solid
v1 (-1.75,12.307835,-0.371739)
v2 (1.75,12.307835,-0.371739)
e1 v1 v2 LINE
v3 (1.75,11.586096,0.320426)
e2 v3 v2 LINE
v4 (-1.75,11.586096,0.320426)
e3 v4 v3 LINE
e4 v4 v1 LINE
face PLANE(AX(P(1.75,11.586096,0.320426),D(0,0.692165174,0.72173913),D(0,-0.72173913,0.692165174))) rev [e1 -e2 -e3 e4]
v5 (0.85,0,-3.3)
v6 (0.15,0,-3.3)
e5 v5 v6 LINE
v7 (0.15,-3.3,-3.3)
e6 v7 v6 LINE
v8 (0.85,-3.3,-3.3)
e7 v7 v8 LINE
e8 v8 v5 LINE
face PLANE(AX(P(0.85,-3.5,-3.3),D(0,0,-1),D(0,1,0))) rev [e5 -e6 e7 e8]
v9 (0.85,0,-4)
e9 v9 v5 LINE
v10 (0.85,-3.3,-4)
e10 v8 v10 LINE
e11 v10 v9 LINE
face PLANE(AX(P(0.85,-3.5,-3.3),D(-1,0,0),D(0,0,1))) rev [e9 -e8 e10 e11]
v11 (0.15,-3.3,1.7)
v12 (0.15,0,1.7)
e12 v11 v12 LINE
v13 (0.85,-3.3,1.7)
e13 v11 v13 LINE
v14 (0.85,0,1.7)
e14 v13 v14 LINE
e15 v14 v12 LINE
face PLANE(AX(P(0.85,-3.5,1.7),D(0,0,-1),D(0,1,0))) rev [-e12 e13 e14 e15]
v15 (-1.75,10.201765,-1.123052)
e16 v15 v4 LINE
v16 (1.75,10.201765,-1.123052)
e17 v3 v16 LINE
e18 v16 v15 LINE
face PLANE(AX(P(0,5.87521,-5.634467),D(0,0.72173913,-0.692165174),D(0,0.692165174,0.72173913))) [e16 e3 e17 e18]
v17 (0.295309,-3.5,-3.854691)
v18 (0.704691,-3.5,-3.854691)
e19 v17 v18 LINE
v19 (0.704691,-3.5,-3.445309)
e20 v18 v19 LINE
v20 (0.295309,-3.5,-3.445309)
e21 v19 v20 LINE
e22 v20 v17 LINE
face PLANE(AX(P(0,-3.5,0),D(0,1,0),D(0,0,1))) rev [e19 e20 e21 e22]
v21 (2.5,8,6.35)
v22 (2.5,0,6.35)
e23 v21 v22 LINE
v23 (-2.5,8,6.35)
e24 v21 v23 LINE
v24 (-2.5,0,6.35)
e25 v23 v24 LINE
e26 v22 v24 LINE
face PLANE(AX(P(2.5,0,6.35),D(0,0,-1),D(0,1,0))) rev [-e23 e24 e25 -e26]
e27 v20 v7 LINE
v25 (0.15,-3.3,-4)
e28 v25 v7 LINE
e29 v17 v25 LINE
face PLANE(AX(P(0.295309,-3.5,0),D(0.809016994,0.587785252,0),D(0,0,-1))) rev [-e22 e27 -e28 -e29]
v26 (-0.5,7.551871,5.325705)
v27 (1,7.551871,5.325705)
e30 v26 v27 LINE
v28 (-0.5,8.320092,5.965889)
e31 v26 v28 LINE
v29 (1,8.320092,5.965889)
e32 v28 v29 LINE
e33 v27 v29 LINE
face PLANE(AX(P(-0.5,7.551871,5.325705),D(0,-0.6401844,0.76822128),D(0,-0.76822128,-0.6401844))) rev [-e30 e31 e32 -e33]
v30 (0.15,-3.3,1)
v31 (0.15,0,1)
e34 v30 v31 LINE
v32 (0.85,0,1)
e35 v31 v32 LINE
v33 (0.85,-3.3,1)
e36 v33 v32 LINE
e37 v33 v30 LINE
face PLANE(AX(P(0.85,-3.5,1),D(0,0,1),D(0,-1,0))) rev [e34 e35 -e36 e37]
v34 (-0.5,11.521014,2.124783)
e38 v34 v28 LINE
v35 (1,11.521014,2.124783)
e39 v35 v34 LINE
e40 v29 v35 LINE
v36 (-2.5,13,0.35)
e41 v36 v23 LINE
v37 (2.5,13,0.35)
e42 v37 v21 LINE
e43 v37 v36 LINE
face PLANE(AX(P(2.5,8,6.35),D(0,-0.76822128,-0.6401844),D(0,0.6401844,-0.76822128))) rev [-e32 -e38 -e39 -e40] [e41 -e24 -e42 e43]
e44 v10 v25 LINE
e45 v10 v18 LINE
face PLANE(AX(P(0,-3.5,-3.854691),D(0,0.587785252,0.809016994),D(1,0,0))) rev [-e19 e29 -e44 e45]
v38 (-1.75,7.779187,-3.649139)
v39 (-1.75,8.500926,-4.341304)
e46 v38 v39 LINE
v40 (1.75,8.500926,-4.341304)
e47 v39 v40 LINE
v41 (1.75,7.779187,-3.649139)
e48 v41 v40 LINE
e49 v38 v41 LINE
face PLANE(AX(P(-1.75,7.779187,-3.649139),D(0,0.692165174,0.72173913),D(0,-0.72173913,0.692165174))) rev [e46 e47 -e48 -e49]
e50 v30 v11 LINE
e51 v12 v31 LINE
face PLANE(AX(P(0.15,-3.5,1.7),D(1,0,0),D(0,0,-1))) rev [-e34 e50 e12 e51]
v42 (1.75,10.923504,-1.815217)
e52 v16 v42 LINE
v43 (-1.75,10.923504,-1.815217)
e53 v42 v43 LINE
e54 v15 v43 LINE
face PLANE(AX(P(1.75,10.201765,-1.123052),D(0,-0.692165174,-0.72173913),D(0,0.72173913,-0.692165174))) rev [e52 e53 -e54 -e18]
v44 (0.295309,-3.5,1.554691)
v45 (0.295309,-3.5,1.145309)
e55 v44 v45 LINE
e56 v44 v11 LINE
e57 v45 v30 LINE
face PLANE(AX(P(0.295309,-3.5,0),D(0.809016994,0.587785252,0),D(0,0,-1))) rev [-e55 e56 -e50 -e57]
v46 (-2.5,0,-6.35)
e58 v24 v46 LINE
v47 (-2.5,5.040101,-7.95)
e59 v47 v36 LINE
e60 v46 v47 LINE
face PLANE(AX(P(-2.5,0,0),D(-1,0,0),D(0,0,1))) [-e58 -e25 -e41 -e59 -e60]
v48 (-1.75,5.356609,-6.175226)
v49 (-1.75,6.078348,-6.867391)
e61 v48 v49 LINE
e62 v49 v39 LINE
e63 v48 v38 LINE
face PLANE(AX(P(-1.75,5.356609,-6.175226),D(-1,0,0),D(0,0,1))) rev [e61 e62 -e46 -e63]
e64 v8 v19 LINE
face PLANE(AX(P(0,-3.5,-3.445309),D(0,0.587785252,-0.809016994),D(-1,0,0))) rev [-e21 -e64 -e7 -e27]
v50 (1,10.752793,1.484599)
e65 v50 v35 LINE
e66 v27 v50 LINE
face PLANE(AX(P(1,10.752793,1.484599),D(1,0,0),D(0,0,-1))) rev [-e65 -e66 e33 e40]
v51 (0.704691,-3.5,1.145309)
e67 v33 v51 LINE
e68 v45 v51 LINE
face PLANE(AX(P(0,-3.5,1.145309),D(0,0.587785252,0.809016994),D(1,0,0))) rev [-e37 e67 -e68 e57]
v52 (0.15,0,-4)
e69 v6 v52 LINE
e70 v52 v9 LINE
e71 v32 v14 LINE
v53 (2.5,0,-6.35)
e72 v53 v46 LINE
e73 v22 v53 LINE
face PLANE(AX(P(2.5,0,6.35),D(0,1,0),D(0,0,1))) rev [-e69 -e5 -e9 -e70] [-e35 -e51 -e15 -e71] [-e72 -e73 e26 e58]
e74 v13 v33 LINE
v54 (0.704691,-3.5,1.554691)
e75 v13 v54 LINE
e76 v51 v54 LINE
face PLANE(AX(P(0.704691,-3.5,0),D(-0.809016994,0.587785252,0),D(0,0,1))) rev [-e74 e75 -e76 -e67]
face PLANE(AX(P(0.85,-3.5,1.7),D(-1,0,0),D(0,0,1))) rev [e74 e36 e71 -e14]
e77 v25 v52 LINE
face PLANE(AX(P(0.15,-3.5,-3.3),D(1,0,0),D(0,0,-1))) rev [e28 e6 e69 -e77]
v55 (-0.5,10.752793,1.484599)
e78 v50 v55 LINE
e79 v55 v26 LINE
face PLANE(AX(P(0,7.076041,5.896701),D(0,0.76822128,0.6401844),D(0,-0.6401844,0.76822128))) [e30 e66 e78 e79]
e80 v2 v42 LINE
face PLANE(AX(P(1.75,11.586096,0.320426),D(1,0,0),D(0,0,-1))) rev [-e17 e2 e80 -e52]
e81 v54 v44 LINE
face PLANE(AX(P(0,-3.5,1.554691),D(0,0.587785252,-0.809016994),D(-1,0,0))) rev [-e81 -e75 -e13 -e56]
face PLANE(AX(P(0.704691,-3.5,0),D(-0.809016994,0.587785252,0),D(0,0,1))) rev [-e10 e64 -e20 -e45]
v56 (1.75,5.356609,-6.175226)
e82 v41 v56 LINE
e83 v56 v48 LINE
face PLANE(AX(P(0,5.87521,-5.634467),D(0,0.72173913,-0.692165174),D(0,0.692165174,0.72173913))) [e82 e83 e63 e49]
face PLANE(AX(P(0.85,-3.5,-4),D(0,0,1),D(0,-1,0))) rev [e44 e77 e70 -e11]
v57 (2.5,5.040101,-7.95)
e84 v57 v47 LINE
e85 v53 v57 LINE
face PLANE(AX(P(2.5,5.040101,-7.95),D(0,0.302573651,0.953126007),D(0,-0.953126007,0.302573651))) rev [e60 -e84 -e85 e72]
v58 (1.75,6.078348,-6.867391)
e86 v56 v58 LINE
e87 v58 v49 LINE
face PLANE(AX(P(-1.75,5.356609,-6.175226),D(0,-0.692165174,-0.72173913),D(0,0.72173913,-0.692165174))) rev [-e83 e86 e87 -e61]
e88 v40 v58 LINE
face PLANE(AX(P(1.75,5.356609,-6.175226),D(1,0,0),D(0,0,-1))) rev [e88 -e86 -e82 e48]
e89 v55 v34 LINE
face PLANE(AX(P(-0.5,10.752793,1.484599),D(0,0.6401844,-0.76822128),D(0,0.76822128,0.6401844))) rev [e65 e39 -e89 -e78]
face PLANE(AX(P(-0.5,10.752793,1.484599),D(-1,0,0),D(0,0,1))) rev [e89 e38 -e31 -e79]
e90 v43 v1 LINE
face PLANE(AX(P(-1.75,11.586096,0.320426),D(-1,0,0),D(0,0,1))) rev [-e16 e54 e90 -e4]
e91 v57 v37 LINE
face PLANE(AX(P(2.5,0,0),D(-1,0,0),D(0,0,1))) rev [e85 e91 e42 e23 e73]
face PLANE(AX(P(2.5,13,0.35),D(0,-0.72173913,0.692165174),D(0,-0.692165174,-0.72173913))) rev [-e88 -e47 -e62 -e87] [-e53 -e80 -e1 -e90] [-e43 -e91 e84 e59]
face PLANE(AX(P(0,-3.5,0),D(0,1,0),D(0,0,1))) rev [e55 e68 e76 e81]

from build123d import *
from OCP.BRepFilletAPI import BRepFilletAPI_MakeChamfer

# Parameters (mm, degrees)
EXTRUDE_2_DEPTH     = 2.5
SKETCH_4_W          = 3.5
SKETCH_4_H          = 2
SKETCH_4_H_2        = 3.5
CUT_EXTRUDE_1_DEPTH = 1
SKETCH_5_W          = 1.5
SKETCH_5_H          = 5
CUT_EXTRUDE_2_DEPTH = 1
SKETCH_6_W          = 0.7
SKETCH_6_H          = 0.7
EXTRUDE_3_DEPTH     = 3.5
CHAMFER_3_SIZE      = 0.2
CHAMFER_3_SIZE2     = 0.145308506


with BuildPart() as part:
    # Эскиз2 → Бобышка-Вытянуть2 (new, symmetric)
    with BuildSketch(Plane(origin=(0, 0, 0), x_dir=(0, -1, 0), z_dir=(1, 0, 0))):
        Polygon((0, -6.35), (0, 6.35), (-5.040100503, 7.95), (-13, -0.35), (-8, -6.35), align=None)
    extrude(amount=EXTRUDE_2_DEPTH, both=True)

    # Эскиз4 → Вырез-Вытянуть1 (cut)
    with BuildSketch(Plane(origin=(0, 6.5969489, -6.326632557), x_dir=(1, 0, 0), z_dir=(0, 0.7217391304347853, -0.6921651736393851))):
        with Locations((0, -7.250755953)):
            Rectangle(SKETCH_4_W, SKETCH_4_H)
        with Locations((0, -1.000755953)):
            Rectangle(SKETCH_4_W, SKETCH_4_H_2)
    extrude(amount=-CUT_EXTRUDE_1_DEPTH, mode=Mode.SUBTRACT)

    # Эскиз5 → Вырез-Вытянуть2 (cut)
    with BuildSketch(Plane(origin=(0, 7.844262295, 6.536885246), x_dir=(1, 0, 0), z_dir=(0, 0.7682212795973735, 0.6401843996644827))):
        with Locations((0.25, 3.243270072)):
            Rectangle(SKETCH_5_W, SKETCH_5_H)
    extrude(amount=-CUT_EXTRUDE_2_DEPTH, mode=Mode.SUBTRACT)

    # Эскиз6 → Бобышка-Вытянуть3 (add)
    with BuildSketch(Plane.XZ):
        with Locations((0.5, 1.35)):
            Rectangle(SKETCH_6_W, SKETCH_6_H)
        with Locations((0.5, -3.65)):
            Rectangle(SKETCH_6_W, SKETCH_6_H)
    extrude(amount=EXTRUDE_3_DEPTH)

    # Фаска3: one chamfer whose edges measure the first distance from different faces: ONE call of the kernel's chamfer builder (chamfer() names one face for all edges)
    chamfer_3_edges_1 = [part.edges().sort_by_distance(p)[0] for p in [
        (0.15, -3.5, 1.35),
    ]]
    chamfer_3_side_1 = [part.faces().sort_by_distance(p)[0] for p in [
        (0.15, -1.75, 1.35),
    ]]
    chamfer_3_edges_2 = [part.edges().sort_by_distance(p)[0] for p in [
        (0.5, -3.5, 1),
    ]]
    chamfer_3_side_2 = [part.faces().sort_by_distance(p)[0] for p in [
        (0.5, -1.75, 1),
    ]]
    chamfer_3_edges_3 = [part.edges().sort_by_distance(p)[0] for p in [
        (0.85, -3.5, 1.35),
    ]]
    chamfer_3_side_3 = [part.faces().sort_by_distance(p)[0] for p in [
        (0.85, -1.75, 1.35),
    ]]
    chamfer_3_edges_4 = [part.edges().sort_by_distance(p)[0] for p in [
        (0.5, -3.5, 1.7),
    ]]
    chamfer_3_side_4 = [part.faces().sort_by_distance(p)[0] for p in [
        (0.5, -1.75, 1.7),
    ]]
    chamfer_3_edges_5 = [part.edges().sort_by_distance(p)[0] for p in [
        (0.15, -3.5, -3.65),
    ]]
    chamfer_3_side_5 = [part.faces().sort_by_distance(p)[0] for p in [
        (0.15, -1.75, -3.65),
    ]]
    chamfer_3_edges_6 = [part.edges().sort_by_distance(p)[0] for p in [
        (0.5, -3.5, -4),
    ]]
    chamfer_3_side_6 = [part.faces().sort_by_distance(p)[0] for p in [
        (0.5, -1.75, -4),
    ]]
    chamfer_3_edges_7 = [part.edges().sort_by_distance(p)[0] for p in [
        (0.85, -3.5, -3.65),
    ]]
    chamfer_3_side_7 = [part.faces().sort_by_distance(p)[0] for p in [
        (0.85, -1.75, -3.65),
    ]]
    chamfer_3_edges_8 = [part.edges().sort_by_distance(p)[0] for p in [
        (0.5, -3.5, -3.3),
    ]]
    chamfer_3_side_8 = [part.faces().sort_by_distance(p)[0] for p in [
        (0.5, -1.75, -3.3),
    ]]
    chamfer_3 = BRepFilletAPI_MakeChamfer(part.part.solid().wrapped)
    for e in chamfer_3_edges_1:
        chamfer_3.Add(CHAMFER_3_SIZE, CHAMFER_3_SIZE2, e.wrapped, chamfer_3_side_1[0].wrapped)  # the first distance lies on this face
    for e in chamfer_3_edges_2:
        chamfer_3.Add(CHAMFER_3_SIZE, CHAMFER_3_SIZE2, e.wrapped, chamfer_3_side_2[0].wrapped)  # the first distance lies on this face
    for e in chamfer_3_edges_3:
        chamfer_3.Add(CHAMFER_3_SIZE, CHAMFER_3_SIZE2, e.wrapped, chamfer_3_side_3[0].wrapped)  # the first distance lies on this face
    for e in chamfer_3_edges_4:
        chamfer_3.Add(CHAMFER_3_SIZE, CHAMFER_3_SIZE2, e.wrapped, chamfer_3_side_4[0].wrapped)  # the first distance lies on this face
    for e in chamfer_3_edges_5:
        chamfer_3.Add(CHAMFER_3_SIZE, CHAMFER_3_SIZE2, e.wrapped, chamfer_3_side_5[0].wrapped)  # the first distance lies on this face
    for e in chamfer_3_edges_6:
        chamfer_3.Add(CHAMFER_3_SIZE, CHAMFER_3_SIZE2, e.wrapped, chamfer_3_side_6[0].wrapped)  # the first distance lies on this face
    for e in chamfer_3_edges_7:
        chamfer_3.Add(CHAMFER_3_SIZE, CHAMFER_3_SIZE2, e.wrapped, chamfer_3_side_7[0].wrapped)  # the first distance lies on this face
    for e in chamfer_3_edges_8:
        chamfer_3.Add(CHAMFER_3_SIZE, CHAMFER_3_SIZE2, e.wrapped, chamfer_3_side_8[0].wrapped)  # the first distance lies on this face
    add(Compound.cast(chamfer_3.Shape()), mode=Mode.REPLACE)


solid = part.part
